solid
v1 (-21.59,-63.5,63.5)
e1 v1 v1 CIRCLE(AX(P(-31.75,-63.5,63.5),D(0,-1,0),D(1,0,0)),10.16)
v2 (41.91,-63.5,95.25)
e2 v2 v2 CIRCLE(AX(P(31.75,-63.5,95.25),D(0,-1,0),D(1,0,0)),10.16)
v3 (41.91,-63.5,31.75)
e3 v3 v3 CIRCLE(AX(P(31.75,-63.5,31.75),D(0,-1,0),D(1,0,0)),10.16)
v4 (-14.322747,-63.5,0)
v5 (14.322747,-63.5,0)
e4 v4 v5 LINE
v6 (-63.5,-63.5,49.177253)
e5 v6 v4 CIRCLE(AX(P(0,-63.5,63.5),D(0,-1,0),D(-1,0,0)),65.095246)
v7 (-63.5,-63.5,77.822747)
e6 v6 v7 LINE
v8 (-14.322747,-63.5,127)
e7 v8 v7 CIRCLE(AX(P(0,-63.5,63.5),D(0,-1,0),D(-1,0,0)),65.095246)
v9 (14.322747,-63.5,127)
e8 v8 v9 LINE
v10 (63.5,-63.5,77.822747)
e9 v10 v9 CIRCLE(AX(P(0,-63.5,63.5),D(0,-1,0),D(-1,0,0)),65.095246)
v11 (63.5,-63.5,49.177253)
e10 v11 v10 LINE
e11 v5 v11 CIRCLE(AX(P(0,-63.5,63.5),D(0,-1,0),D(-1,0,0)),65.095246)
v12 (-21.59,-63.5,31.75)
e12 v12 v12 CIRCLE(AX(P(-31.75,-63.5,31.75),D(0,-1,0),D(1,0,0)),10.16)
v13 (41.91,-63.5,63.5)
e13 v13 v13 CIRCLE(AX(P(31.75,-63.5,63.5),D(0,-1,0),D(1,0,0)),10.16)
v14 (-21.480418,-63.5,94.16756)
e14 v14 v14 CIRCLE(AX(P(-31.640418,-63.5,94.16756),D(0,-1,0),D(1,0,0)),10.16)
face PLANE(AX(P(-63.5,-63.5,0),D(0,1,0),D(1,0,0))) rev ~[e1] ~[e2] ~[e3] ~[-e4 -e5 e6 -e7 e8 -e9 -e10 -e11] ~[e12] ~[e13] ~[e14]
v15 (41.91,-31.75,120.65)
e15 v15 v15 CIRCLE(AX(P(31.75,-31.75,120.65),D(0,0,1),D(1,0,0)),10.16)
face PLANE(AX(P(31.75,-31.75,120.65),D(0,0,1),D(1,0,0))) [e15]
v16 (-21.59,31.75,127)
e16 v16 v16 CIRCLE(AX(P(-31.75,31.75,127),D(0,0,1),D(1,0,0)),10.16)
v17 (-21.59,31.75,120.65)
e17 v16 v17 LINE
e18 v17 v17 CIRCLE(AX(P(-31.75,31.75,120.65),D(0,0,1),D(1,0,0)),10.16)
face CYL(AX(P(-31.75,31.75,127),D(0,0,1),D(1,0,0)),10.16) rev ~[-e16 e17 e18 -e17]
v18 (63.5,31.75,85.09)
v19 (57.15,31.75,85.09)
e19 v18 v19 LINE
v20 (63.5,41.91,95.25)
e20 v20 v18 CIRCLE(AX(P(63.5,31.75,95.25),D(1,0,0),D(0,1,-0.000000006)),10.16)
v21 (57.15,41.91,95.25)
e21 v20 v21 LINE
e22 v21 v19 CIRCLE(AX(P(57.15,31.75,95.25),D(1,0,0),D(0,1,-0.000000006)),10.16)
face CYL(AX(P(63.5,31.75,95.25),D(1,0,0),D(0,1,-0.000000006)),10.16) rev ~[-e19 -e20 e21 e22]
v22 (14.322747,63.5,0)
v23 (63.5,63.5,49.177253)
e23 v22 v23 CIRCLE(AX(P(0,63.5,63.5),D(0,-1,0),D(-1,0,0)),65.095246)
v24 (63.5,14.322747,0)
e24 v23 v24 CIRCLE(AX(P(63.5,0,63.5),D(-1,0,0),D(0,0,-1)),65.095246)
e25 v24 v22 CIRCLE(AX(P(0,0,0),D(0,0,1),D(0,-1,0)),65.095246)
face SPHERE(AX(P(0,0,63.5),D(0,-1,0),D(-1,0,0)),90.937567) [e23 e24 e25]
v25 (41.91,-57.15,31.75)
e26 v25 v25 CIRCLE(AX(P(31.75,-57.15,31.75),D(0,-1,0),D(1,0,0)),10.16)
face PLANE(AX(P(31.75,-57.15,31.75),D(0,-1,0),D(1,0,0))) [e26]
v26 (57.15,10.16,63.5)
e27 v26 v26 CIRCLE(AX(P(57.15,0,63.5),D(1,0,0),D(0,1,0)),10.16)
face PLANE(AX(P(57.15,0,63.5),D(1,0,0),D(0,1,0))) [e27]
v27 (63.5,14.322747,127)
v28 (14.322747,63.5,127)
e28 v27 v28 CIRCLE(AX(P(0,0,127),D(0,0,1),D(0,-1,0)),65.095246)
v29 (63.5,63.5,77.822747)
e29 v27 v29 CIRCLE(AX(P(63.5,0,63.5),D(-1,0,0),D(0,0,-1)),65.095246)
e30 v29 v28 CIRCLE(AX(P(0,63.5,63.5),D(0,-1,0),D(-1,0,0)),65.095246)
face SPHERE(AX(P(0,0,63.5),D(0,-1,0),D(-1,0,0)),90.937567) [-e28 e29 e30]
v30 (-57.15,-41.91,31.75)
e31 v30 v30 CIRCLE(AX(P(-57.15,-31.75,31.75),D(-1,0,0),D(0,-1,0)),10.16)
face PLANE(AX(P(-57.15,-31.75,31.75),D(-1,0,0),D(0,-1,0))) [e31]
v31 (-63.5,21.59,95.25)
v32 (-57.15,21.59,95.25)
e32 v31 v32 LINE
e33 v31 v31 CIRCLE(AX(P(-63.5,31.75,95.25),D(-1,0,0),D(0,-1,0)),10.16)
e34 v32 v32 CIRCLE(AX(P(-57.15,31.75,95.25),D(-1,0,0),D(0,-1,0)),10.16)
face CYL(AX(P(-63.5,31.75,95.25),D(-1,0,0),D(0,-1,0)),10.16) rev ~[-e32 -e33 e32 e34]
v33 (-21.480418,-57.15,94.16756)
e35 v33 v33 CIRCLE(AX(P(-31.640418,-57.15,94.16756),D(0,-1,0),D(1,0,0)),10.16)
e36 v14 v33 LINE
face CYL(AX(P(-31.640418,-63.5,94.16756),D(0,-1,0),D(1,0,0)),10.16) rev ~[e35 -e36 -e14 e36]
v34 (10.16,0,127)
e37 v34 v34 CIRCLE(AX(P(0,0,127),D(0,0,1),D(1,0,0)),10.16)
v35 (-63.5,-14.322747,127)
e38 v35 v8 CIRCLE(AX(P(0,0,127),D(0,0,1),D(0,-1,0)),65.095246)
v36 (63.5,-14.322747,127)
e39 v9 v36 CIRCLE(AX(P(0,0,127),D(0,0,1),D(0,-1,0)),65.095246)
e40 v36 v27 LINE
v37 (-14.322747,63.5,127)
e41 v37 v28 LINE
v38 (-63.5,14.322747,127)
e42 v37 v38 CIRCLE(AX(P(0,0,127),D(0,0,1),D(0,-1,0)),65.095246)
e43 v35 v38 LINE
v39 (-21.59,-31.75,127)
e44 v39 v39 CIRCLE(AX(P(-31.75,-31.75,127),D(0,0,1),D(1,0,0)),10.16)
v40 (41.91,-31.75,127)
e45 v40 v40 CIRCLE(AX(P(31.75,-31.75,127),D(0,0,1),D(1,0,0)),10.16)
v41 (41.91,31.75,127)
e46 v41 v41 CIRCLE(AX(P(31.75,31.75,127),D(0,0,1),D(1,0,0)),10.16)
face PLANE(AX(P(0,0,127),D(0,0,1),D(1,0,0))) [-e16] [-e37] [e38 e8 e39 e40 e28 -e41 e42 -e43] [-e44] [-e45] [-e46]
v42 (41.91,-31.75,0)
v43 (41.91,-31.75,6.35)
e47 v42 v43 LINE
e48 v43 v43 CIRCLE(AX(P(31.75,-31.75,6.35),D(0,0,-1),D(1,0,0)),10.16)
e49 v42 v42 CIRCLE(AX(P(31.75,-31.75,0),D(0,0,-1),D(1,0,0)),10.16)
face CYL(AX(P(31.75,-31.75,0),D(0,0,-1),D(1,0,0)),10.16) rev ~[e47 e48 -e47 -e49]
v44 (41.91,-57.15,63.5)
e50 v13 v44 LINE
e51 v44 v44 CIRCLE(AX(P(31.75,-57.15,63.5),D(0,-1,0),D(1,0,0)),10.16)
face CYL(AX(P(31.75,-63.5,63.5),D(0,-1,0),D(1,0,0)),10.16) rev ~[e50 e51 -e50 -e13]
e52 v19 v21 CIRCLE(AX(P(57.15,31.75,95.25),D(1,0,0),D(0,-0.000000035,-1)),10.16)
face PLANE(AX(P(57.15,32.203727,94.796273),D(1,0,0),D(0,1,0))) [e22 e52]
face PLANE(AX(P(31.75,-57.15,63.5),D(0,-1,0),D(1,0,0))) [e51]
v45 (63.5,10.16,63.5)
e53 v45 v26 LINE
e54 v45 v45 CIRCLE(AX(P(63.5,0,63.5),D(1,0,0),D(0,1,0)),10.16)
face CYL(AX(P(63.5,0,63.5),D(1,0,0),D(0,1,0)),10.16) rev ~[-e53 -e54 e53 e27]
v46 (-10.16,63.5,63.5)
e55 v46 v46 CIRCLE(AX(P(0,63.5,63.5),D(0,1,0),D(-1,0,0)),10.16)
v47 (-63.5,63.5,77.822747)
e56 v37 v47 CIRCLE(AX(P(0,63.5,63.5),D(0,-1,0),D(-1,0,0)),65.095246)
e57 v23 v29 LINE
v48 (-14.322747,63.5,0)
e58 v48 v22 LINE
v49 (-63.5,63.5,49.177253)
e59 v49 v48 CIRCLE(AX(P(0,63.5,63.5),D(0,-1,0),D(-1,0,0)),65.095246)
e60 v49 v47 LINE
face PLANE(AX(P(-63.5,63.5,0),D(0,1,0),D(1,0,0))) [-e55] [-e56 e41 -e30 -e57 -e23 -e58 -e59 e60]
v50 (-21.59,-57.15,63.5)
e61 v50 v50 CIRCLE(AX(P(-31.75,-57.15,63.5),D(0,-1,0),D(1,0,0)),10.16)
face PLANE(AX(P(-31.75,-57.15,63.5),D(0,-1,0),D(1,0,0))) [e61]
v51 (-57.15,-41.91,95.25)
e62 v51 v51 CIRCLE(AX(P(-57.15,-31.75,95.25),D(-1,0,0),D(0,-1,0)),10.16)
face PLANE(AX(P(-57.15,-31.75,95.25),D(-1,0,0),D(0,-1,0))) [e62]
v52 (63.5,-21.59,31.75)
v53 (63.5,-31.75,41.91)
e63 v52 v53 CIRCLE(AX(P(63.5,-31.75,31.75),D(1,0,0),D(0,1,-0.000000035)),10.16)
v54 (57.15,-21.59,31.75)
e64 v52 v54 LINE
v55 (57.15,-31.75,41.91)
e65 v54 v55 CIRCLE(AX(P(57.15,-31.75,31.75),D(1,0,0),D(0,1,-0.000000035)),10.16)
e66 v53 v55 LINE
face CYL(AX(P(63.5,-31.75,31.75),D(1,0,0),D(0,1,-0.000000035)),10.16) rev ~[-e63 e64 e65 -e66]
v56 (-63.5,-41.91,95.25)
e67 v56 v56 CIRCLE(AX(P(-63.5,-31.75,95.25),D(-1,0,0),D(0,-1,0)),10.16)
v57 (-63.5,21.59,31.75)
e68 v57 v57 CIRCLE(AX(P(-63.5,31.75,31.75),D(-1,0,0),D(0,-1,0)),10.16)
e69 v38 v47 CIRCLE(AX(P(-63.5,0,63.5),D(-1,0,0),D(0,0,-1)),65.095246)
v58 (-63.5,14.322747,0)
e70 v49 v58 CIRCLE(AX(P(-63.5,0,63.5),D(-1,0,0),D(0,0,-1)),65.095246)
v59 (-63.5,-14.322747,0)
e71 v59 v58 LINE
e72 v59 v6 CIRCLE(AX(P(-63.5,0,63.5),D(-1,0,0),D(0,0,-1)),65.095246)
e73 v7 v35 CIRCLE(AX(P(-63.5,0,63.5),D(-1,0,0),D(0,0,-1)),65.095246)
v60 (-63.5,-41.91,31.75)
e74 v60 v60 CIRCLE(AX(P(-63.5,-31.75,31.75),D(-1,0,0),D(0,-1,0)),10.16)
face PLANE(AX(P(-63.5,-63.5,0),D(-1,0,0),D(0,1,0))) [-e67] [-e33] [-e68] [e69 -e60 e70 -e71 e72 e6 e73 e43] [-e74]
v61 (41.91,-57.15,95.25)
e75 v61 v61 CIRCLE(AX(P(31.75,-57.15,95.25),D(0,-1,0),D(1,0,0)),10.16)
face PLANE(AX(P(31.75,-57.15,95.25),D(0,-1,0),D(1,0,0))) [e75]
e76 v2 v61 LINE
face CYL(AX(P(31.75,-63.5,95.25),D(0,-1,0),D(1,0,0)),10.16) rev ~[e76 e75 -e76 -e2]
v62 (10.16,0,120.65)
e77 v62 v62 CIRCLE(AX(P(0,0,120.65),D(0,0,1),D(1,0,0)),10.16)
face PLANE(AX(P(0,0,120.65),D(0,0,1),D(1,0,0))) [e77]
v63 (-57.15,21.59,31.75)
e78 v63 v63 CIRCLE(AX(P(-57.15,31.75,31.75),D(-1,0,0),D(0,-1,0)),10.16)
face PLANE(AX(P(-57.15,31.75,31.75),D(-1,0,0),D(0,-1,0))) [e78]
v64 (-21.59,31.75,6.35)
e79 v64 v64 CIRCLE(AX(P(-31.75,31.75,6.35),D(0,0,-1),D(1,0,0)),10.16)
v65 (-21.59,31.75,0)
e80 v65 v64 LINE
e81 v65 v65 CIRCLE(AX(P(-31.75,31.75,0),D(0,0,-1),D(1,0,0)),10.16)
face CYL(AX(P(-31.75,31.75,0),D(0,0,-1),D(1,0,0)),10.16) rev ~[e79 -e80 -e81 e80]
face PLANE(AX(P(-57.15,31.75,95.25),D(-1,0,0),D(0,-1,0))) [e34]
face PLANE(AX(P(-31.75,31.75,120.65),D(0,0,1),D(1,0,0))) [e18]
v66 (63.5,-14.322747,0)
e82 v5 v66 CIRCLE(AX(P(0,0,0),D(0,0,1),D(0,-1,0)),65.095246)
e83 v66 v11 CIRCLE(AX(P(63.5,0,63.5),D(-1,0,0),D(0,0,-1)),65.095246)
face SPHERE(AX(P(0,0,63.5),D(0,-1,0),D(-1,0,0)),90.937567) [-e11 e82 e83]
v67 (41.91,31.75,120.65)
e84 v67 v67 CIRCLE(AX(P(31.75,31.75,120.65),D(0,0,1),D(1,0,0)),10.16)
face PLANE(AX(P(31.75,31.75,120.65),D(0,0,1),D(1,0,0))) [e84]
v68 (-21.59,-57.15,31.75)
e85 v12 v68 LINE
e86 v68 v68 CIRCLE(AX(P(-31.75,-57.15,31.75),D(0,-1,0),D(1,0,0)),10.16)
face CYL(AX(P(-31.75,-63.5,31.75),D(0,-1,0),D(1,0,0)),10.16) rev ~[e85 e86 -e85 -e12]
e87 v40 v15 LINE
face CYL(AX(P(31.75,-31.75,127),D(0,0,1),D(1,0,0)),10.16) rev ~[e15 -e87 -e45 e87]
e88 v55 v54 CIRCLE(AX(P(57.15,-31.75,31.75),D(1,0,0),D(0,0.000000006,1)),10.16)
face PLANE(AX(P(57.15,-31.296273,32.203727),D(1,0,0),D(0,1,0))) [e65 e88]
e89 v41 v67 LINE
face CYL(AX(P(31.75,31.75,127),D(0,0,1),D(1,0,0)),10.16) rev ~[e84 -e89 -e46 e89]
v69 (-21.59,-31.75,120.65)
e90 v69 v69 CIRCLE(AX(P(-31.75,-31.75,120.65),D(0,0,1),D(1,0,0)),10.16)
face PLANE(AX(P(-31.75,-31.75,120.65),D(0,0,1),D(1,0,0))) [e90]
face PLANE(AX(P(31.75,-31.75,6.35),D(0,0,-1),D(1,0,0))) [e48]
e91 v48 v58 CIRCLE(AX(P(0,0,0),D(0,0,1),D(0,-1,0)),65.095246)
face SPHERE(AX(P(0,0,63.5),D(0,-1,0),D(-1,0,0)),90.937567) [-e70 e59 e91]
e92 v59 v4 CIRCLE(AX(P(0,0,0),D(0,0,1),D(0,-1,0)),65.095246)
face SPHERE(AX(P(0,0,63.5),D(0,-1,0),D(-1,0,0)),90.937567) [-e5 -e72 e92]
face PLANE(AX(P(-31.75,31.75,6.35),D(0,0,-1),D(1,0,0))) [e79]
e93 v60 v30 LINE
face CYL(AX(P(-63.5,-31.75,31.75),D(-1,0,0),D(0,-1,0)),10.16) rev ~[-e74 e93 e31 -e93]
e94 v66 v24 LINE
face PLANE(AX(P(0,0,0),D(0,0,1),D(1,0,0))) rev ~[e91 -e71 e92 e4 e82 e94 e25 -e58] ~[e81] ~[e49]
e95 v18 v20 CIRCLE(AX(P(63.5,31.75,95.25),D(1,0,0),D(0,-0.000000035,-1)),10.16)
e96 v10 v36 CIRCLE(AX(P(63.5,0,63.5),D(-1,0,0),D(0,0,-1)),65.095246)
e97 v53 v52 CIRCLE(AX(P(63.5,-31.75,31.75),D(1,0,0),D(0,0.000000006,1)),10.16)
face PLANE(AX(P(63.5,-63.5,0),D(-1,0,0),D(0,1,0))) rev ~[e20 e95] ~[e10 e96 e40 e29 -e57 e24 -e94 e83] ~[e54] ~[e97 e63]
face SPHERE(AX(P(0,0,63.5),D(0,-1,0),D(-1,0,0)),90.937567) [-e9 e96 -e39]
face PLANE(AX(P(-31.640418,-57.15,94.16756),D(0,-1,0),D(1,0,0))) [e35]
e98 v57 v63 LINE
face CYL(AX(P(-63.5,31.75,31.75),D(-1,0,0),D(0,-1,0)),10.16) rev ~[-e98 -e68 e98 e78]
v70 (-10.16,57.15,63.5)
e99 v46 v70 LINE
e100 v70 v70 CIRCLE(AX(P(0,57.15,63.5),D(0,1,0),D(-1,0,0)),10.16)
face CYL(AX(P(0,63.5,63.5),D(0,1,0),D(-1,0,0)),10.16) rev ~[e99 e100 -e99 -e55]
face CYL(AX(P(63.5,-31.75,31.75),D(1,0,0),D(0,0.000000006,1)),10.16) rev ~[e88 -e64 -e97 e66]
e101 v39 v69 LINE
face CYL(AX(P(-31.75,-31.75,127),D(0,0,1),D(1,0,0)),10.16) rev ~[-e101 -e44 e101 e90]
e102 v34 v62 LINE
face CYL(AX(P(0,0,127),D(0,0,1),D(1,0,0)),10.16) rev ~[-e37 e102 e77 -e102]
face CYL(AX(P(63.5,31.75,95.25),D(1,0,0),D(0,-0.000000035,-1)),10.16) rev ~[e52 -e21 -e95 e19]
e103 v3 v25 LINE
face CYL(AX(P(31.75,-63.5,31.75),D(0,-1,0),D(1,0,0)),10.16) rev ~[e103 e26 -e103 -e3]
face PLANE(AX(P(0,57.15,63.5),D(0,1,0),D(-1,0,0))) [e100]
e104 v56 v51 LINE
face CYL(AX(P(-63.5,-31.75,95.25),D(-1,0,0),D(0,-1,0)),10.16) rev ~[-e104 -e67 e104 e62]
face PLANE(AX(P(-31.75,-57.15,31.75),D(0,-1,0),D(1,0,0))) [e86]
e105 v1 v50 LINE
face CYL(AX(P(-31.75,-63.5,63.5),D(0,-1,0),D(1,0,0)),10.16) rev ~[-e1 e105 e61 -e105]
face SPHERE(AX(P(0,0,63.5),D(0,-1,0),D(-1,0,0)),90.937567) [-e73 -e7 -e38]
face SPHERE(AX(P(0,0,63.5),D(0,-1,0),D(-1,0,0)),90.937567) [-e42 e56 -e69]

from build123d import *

# Parameters (mm, degrees)
F0_W      = 127
F0_H      = 127
F2_DEPTH  = 127
F6_R      = 10.16
F7_DEPTH  = 6.35
F8_R      = 10.16
F9_DEPTH  = 6.35
F10_R     = 10.16
F11_DEPTH = 6.35
F12_R     = 10.16
F13_DEPTH = 6.35
F14_R     = 10.16
F15_DEPTH = 6.35
F16_R     = 10.16
F17_DEPTH = 6.35


with BuildPart() as f2:
    # F0 (on Top) → F2 (new body)
    with BuildSketch(Plane.XY):
        Rectangle(F0_W, F0_H)
    extrude(amount=F2_DEPTH)


with BuildPart() as f4:
    # F3 (on offset) → F4 (revolve)
    with BuildSketch(Plane.XY.offset(63.5)):
        with BuildLine():
            Line((0, -90.937567), (0, 90.937567))
            ThreePointArc((0, 90.937567), (-90.937567, 0), (0, -90.937567))
        make_face()
    revolve(axis=Axis((0, 0, 63.5), (0, -1, 0)))

    # F5: intersect F2
    add(f2.part, mode=Mode.INTERSECT)

    # F6 (on face) → F7 (cut)
    with BuildSketch(Plane(origin=(0, 63.5, 0), x_dir=(-1, 0, 0), z_dir=(0, 1, 0))):
        with Locations((0, 63.5)):
            Circle(F6_R)
    extrude(amount=-F7_DEPTH, mode=Mode.SUBTRACT)

    # F8 (on face) → F9 (cut)
    with BuildSketch(Plane.XZ.offset(63.5)):
        with Locations((31.75, 95.25)):
            Circle(F8_R)
        with Locations((31.75, 63.5)):
            Circle(F8_R)
        with Locations((31.75, 31.75)):
            Circle(F8_R)
        with Locations((-31.75, 31.75)):
            Circle(F8_R)
        with Locations((-31.75, 63.5)):
            Circle(F8_R)
        with Locations((-31.640418, 94.16756)):
            Circle(F8_R)
    extrude(amount=-F9_DEPTH, mode=Mode.SUBTRACT)

    # F10 (on face) → F11 (cut)
    with BuildSketch(Plane.XY.offset(127)):
        Circle(F10_R)
        with Locations((31.75, 31.75)):
            Circle(F10_R)
        with Locations((31.75, -31.75)):
            Circle(F10_R)
        with Locations((-31.75, -31.75)):
            Circle(F10_R)
        with Locations((-31.75, 31.75)):
            Circle(F10_R)
    extrude(amount=-F11_DEPTH, mode=Mode.SUBTRACT)

    # F12 (on face) → F13 (cut)
    with BuildSketch(Plane(origin=(0, 0, 0), x_dir=(1, 0, 0), z_dir=(0, 0, -1))):
        with Locations((31.75, 31.75)):
            Circle(F12_R)
        with Locations((-31.75, -31.75)):
            Circle(F12_R)
    extrude(amount=-F13_DEPTH, mode=Mode.SUBTRACT)

    # F14 (on face) → F15 (cut)
    with BuildSketch(Plane.YZ.offset(63.5)):
        with Locations((0, 63.5)):
            Circle(F14_R)
        with BuildLine():
            ThreePointArc((31.75, 85.09), (38.934205, 88.065795), (41.91, 95.25))
            ThreePointArc((41.91, 95.25), (24.565795, 102.434205), (31.75, 85.09))
        make_face()
        with BuildLine():
            ThreePointArc((-31.75, 41.91), (-38.934205, 24.565795), (-21.59, 31.75))
            ThreePointArc((-21.59, 31.75), (-24.565795, 38.934205), (-31.75, 41.91))
        make_face()
    extrude(amount=-F15_DEPTH, mode=Mode.SUBTRACT)

    # F16 (on face) → F17 (cut)
    with BuildSketch(Plane(origin=(-63.5, 0, 0), x_dir=(0, -1, 0), z_dir=(-1, 0, 0))):
        with Locations((-31.75, 95.25)):
            Circle(F16_R)
        with Locations((-31.75, 31.75)):
            Circle(F16_R)
        with Locations((31.75, 31.75)):
            Circle(F16_R)
        with Locations((31.75, 95.25)):
            Circle(F16_R)
    extrude(amount=-F17_DEPTH, mode=Mode.SUBTRACT)


solid = f4.part
